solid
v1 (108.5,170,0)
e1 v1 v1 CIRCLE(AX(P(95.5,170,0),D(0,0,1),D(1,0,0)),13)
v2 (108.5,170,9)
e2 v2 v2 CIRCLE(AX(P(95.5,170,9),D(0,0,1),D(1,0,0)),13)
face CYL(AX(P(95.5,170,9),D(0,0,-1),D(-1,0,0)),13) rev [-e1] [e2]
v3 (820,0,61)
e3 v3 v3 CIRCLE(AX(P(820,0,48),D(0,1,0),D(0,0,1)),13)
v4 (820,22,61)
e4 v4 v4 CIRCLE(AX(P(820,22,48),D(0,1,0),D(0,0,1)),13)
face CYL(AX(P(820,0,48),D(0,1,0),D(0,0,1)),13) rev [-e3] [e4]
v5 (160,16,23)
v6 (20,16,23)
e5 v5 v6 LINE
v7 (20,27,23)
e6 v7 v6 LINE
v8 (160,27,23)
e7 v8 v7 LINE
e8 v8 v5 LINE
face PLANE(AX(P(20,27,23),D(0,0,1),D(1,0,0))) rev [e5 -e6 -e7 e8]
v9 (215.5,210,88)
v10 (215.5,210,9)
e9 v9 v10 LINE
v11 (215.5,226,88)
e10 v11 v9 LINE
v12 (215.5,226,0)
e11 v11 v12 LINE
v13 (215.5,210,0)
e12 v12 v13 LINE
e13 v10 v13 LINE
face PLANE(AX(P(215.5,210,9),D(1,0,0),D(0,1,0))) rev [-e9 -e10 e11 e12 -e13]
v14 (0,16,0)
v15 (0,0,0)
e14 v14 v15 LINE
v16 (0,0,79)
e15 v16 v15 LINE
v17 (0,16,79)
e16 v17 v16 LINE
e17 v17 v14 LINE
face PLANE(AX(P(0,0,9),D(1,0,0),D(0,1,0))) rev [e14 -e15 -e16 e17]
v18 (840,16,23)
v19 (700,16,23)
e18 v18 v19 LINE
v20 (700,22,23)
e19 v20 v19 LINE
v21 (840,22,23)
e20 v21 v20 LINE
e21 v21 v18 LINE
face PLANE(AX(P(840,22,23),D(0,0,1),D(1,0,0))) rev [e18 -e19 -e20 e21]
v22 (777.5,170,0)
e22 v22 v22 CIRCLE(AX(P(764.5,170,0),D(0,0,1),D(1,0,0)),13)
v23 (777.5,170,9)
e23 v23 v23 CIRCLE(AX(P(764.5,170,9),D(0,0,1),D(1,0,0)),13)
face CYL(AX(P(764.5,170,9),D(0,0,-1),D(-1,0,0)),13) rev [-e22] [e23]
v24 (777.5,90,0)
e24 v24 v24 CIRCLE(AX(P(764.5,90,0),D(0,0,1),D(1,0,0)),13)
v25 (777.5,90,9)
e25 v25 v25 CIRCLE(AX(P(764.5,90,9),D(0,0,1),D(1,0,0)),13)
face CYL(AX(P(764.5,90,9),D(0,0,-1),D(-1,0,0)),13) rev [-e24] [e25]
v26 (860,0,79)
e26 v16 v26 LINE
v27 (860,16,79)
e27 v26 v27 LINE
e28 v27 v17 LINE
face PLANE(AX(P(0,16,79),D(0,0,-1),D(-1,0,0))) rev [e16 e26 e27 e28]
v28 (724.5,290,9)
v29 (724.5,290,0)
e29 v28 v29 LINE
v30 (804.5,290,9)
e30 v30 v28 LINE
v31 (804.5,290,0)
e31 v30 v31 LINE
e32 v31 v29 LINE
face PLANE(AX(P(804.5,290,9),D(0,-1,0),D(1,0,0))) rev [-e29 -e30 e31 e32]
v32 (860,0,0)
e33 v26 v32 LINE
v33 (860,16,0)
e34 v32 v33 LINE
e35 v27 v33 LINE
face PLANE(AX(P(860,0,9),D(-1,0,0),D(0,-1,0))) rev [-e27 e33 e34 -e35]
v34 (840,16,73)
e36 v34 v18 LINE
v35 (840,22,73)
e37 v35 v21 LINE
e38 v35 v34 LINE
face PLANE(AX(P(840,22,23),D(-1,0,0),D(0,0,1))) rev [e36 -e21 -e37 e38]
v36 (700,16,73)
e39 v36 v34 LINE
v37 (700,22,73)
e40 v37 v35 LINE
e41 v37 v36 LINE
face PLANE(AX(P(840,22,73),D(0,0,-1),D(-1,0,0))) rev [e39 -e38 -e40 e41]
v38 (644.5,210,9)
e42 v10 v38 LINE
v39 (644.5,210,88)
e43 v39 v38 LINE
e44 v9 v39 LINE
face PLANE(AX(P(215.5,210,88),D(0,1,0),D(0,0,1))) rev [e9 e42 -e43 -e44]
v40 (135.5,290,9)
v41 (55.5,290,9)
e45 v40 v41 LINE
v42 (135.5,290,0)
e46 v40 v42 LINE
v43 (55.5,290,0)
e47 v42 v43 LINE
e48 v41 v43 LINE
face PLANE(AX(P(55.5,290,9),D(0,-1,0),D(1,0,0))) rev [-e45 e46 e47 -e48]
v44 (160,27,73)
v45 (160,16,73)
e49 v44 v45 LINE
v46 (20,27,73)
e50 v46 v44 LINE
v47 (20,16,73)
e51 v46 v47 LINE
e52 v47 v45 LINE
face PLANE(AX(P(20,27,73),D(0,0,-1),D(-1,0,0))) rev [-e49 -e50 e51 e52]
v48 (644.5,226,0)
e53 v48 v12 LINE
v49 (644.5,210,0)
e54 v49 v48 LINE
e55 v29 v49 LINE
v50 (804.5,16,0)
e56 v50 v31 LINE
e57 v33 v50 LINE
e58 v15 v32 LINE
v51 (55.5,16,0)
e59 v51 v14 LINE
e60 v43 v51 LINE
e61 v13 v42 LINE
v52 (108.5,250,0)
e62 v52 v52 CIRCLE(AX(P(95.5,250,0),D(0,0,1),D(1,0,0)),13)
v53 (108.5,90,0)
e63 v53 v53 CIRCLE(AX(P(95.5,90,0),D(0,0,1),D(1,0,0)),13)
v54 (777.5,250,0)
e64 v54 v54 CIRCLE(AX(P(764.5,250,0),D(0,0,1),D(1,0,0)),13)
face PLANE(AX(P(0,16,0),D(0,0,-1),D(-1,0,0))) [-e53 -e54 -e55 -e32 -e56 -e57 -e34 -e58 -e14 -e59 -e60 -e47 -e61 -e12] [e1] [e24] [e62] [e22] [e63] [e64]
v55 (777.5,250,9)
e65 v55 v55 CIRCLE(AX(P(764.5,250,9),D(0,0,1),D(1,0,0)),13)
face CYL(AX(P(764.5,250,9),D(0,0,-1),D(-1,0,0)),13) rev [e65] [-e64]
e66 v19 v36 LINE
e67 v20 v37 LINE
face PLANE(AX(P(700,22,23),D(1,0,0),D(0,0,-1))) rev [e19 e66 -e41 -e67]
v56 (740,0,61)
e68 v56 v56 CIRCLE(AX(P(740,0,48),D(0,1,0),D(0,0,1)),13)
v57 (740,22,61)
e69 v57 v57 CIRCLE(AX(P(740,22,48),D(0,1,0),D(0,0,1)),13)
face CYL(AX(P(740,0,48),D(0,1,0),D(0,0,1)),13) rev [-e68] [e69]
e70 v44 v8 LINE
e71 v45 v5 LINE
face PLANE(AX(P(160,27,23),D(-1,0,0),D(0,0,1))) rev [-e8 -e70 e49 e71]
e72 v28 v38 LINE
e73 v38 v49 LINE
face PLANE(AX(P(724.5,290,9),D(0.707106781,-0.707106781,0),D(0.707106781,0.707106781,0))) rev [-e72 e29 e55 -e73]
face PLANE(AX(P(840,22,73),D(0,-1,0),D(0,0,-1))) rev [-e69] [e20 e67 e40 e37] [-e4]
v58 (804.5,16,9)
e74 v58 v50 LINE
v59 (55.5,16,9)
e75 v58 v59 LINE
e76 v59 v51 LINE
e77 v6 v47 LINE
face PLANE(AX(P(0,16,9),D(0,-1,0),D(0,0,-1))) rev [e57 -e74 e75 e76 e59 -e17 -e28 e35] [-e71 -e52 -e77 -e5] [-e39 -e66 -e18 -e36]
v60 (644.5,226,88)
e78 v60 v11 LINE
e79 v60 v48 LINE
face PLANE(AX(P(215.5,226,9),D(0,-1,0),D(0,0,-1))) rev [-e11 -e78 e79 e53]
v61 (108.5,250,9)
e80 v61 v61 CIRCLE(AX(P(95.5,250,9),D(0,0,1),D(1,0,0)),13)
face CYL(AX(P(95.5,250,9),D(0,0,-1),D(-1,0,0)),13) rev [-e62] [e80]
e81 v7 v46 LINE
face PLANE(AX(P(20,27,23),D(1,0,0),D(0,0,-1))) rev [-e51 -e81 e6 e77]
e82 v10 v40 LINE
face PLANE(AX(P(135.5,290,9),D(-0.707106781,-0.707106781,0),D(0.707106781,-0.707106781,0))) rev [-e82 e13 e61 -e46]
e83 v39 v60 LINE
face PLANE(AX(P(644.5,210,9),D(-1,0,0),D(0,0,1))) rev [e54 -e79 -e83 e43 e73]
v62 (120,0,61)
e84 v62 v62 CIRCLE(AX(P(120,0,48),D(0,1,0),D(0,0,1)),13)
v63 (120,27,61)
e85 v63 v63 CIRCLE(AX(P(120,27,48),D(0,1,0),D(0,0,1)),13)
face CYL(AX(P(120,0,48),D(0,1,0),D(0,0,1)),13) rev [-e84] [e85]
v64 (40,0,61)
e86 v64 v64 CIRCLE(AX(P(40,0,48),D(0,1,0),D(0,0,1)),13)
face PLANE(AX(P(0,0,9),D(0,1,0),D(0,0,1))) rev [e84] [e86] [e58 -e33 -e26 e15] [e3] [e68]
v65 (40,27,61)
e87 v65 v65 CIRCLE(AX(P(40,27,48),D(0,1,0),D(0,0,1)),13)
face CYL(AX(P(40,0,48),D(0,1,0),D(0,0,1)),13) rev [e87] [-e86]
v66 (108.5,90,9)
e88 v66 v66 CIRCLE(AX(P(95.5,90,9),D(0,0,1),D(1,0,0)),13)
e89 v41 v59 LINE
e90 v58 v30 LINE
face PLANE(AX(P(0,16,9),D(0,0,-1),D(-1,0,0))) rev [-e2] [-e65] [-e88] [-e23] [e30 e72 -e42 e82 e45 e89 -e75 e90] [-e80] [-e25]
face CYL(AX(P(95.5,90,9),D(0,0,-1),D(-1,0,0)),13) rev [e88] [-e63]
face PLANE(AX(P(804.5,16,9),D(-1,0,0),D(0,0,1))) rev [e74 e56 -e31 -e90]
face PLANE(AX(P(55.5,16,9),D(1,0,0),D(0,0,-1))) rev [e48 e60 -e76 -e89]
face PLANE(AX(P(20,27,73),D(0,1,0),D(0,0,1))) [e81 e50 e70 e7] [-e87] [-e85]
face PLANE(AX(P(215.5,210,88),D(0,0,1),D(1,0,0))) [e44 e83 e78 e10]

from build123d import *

# Parameters (mm, degrees)
SKETCH_1_R             = 13
EXTRUDE_2_DEPTH        = 9
SKETCH_3_W             = 860
SKETCH_3_H             = 16
EXTRUDE_3_DEPTH        = 70
SKETCH_4_W             = 140
SKETCH_4_H             = 50
EXTRUDE_5_DEPTH        = 11
SKETCH_5_R             = 13
CUT_EXTRUDE_2_DEPTH    = 903.779042734
PATTERN_LINEAR_1_COUNT = 2
PATTERN_LINEAR_1_PITCH = 80
SKETCH_6_W             = 140
SKETCH_6_H             = 50
EXTRUDE_6_DEPTH        = 6
SKETCH_7_R             = 13
CUT_EXTRUDE_3_DEPTH    = 905.248306606
PATTERN_LINEAR_2_COUNT = 2
PATTERN_LINEAR_2_PITCH = 80
SKETCH_10_W            = 429
SKETCH_10_H            = 16
EXTRUDE_8_DEPTH        = 79


with BuildPart() as part:
    # 草图1 → 凸台-拉伸2 (new body)
    with BuildSketch(Plane.XY):
        Polygon((0, 0), (860, 0), (860, 16), (804.5, 16), (804.5, 290), (724.5, 290), (644.5, 210), (644.5, 226), (215.5, 226), (215.5, 210), (135.5, 290), (55.5, 290), (55.5, 16), (0, 16), align=None)
        with Locations((95.5, 90)):
            Circle(SKETCH_1_R, mode=Mode.SUBTRACT)
        with Locations((95.5, 170)):
            Circle(SKETCH_1_R, mode=Mode.SUBTRACT)
        with Locations((95.5, 250)):
            Circle(SKETCH_1_R, mode=Mode.SUBTRACT)
        with Locations((764.5, 90)):
            Circle(SKETCH_1_R, mode=Mode.SUBTRACT)
        with Locations((764.5, 170)):
            Circle(SKETCH_1_R, mode=Mode.SUBTRACT)
        with Locations((764.5, 250)):
            Circle(SKETCH_1_R, mode=Mode.SUBTRACT)
    extrude(amount=EXTRUDE_2_DEPTH)

    # 草图3 → 凸台-拉伸3 (add)
    with BuildSketch(Plane.XY.offset(9)):
        with Locations((430, 8)):
            Rectangle(SKETCH_3_W, SKETCH_3_H)
    extrude(amount=EXTRUDE_3_DEPTH)

    # 草图4 → 凸台-拉伸5 (add)
    with BuildSketch(Plane(origin=(0, 16, 0), x_dir=(1, 0, 0), z_dir=(0, 1, 0))):
        with Locations((90, -48)):
            Rectangle(SKETCH_4_W, SKETCH_4_H)
    extrude(amount=EXTRUDE_5_DEPTH)

    # 草图5 → 切除-拉伸2 (cut, through all)
    with BuildSketch(Plane(origin=(0, 27, 0), x_dir=(1, 0, 0), z_dir=(0, 1, 0))):
        with Locations(Location((40, -48, 0), (0, 0, 270))):
            Circle(SKETCH_5_R)
    cut_extrude_2 = extrude(amount=-CUT_EXTRUDE_2_DEPTH, mode=Mode.SUBTRACT)

    # 阵列(线性)1: 切除-拉伸2 ×2
    with Locations(*[(i * PATTERN_LINEAR_1_PITCH, 0, 0) for i in range(1, PATTERN_LINEAR_1_COUNT)]):
        add(cut_extrude_2, mode=Mode.SUBTRACT)

    # 草图6 → 凸台-拉伸6 (add)
    with BuildSketch(Plane(origin=(0, 16, 0), x_dir=(1, 0, 0), z_dir=(0, 1, 0))):
        with Locations((770, -48)):
            Rectangle(SKETCH_6_W, SKETCH_6_H)
    extrude(amount=EXTRUDE_6_DEPTH)

    # 草图7 → 切除-拉伸3 (cut, through all)
    with BuildSketch(Plane(origin=(0, 22, 0), x_dir=(1, 0, 0), z_dir=(0, 1, 0))):
        with Locations(Location((820, -48, 0), (0, 0, 270))):
            Circle(SKETCH_7_R)
    cut_extrude_3 = extrude(amount=-CUT_EXTRUDE_3_DEPTH, mode=Mode.SUBTRACT)

    # 阵列(线性)2: 切除-拉伸3 ×2
    with Locations(*[(-i * PATTERN_LINEAR_2_PITCH, 0, 0) for i in range(1, PATTERN_LINEAR_2_COUNT)]):
        add(cut_extrude_3, mode=Mode.SUBTRACT)

    # 草图10 → 凸台-拉伸8 (add)
    with BuildSketch(Plane.XY.offset(9)):
        with Locations((430, 218)):
            Rectangle(SKETCH_10_W, SKETCH_10_H)
    extrude(amount=EXTRUDE_8_DEPTH)


solid = part.part
